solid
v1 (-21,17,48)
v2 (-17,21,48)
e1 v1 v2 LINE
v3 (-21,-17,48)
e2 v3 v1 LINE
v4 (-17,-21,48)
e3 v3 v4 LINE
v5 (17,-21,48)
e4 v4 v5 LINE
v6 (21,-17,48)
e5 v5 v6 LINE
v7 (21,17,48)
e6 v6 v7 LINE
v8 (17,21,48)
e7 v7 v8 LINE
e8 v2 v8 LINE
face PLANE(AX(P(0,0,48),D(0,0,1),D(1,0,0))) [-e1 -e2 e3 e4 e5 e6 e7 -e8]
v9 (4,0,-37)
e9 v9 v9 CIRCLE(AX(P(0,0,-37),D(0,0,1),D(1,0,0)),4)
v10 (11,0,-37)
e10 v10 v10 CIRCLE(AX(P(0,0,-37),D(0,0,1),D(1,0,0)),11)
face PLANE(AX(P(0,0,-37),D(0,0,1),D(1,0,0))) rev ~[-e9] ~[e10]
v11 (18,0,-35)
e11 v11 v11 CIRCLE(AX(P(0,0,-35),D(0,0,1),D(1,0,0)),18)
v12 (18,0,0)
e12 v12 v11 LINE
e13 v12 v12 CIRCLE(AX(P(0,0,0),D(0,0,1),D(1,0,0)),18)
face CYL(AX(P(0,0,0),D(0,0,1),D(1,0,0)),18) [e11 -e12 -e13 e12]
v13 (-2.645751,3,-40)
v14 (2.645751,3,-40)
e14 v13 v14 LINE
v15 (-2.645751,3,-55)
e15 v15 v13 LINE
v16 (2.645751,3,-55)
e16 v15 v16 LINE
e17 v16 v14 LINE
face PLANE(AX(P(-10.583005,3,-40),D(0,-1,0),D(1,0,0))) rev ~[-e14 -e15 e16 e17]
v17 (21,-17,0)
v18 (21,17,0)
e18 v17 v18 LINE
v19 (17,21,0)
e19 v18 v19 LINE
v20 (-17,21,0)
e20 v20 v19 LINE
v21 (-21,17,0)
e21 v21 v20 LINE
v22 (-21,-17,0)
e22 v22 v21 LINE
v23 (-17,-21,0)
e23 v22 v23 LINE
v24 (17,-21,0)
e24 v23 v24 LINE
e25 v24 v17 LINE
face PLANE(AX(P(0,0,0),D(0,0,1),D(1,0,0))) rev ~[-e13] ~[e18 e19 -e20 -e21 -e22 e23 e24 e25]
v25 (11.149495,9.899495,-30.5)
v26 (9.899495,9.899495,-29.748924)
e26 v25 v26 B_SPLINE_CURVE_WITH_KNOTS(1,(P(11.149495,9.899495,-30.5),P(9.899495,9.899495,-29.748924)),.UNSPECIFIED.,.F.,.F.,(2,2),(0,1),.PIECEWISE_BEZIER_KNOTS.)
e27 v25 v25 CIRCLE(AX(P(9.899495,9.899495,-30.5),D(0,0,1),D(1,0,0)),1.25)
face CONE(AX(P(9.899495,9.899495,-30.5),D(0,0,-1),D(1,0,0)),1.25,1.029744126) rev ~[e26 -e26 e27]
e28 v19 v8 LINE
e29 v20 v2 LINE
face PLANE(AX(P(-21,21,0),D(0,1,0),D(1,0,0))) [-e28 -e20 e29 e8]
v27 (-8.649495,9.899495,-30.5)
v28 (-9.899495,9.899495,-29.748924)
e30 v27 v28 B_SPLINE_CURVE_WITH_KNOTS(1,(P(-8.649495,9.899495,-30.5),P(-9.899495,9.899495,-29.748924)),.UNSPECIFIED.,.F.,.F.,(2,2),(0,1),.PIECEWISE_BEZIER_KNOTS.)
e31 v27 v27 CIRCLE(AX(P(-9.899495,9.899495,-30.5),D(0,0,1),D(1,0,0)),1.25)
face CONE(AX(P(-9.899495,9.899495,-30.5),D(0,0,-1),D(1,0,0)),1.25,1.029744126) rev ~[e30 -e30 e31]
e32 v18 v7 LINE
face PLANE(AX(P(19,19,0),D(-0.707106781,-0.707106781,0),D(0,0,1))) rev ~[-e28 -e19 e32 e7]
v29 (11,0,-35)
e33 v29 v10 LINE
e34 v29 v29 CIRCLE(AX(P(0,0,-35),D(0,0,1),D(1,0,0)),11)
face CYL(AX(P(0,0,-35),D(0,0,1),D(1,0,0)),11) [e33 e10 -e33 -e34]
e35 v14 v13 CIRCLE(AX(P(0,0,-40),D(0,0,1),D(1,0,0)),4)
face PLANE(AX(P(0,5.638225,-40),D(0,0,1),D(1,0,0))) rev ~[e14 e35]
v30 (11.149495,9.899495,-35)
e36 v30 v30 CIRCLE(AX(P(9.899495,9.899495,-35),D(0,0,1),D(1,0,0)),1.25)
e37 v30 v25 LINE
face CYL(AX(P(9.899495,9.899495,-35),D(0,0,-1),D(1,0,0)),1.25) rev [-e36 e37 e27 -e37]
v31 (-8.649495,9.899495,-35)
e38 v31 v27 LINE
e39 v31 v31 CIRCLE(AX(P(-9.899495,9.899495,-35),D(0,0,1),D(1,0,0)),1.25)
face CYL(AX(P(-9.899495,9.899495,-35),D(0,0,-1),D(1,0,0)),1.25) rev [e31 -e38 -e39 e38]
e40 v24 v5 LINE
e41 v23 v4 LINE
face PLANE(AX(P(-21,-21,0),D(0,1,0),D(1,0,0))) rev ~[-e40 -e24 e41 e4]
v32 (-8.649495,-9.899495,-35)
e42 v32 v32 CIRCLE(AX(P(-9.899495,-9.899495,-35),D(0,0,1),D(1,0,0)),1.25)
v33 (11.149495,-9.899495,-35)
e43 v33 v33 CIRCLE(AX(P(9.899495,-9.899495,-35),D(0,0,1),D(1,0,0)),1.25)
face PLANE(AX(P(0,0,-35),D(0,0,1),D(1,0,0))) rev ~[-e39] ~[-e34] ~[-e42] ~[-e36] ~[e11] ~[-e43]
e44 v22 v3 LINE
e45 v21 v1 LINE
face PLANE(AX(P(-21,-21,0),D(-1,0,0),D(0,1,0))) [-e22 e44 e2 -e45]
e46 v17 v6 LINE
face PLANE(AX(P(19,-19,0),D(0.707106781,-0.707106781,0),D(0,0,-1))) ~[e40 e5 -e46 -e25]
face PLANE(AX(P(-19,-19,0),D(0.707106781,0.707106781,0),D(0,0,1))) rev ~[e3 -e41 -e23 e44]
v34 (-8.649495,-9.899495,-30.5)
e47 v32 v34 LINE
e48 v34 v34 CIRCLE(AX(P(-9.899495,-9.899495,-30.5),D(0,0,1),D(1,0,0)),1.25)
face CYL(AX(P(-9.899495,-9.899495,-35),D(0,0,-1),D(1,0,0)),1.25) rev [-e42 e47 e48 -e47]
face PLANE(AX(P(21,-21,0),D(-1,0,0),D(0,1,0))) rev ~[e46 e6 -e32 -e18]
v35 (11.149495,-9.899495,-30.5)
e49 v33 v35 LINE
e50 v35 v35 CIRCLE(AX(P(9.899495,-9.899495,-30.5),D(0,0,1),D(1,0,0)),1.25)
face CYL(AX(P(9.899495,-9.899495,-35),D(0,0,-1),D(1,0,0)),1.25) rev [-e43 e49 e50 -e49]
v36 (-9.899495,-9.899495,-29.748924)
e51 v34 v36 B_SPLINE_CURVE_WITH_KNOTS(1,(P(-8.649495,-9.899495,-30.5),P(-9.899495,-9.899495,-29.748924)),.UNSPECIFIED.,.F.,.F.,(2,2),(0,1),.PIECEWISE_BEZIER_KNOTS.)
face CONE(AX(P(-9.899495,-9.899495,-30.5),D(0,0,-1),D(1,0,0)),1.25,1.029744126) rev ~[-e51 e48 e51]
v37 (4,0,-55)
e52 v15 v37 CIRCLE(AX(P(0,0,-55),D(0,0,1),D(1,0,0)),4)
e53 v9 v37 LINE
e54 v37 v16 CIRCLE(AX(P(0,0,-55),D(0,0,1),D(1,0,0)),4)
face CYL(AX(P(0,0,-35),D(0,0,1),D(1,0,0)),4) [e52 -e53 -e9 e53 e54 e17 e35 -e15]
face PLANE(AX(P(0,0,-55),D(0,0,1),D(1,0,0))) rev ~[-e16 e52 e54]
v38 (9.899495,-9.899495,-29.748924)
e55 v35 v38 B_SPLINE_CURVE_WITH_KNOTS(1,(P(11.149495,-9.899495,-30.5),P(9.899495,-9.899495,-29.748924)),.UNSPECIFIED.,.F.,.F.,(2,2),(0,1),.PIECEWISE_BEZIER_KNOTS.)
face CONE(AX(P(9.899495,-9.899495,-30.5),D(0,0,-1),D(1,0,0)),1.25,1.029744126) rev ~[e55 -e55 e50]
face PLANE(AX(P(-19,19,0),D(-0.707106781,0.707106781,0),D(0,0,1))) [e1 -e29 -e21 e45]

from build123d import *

# Parameters (mm, degrees)
SKETCH_W     = 42
SKETCH_H     = 42
PAD_DEPTH    = 48
CHAMFER_SIZE = 4
SKETCH005_R  = 18
PAD003_DEPTH = 35
SKETCH001_R  = 11
PAD001_DEPTH = 2
SKETCH002_R  = 4
PAD002_DEPTH = 20
POCKET_DEPTH = 15
SKETCH004_R  = 1.25
HOLE_DEPTH   = 4.5
HOLE_TIPS_R  = 1.25


with BuildPart() as part:
    # Sketch → Pad (new body)
    with BuildSketch(Plane.XY):
        Rectangle(SKETCH_W, SKETCH_H)
    extrude(amount=PAD_DEPTH)

    # Chamfer
    chamfer_edges = [part.edges().sort_by_distance(p)[0] for p in [
        (21, -21, 24),
        (-21, -21, 24),
        (21, 21, 24),
        (-21, 21, 24),
    ]]
    chamfer(chamfer_edges, length=CHAMFER_SIZE)

    # Sketch005 → Pad003 (join)
    with BuildSketch(Plane.XY):
        Circle(SKETCH005_R)
    extrude(amount=-PAD003_DEPTH)

    # Sketch001 → Pad001 (join)
    with BuildSketch(Plane.XY.offset(-35)):
        Circle(SKETCH001_R)
    extrude(amount=-PAD001_DEPTH)

    # Sketch002 (on Sketch) → Pad002 (join)
    with BuildSketch(Plane.XY.offset(-35)):
        Circle(SKETCH002_R)
    extrude(amount=-PAD002_DEPTH)

    # Sketch003 (on Sketch) → Pocket (cut)
    with BuildSketch(Plane.XY.offset(-40)):
        with BuildLine():
            ThreePointArc((10.583005, 3), (0, 11), (-10.583005, 3))
            Line((-10.583005, 3), (10.583005, 3))
        make_face()
    extrude(amount=-POCKET_DEPTH, mode=Mode.SUBTRACT)

    # Sketch004 (on Sketch) → Hole (cut)
    with BuildSketch(Plane.XY.offset(-35)):
        with Locations((9.899495, 9.899495)):
            Circle(SKETCH004_R)
        with Locations((-9.899495, 9.899495)):
            Circle(SKETCH004_R)
        with Locations((-9.899495, -9.899495)):
            Circle(SKETCH004_R)
        with Locations((9.899495, -9.899495)):
            Circle(SKETCH004_R)
    extrude(amount=HOLE_DEPTH, mode=Mode.SUBTRACT)

    # Hole tips → Hole tip 1 section 0
    with BuildSketch(Plane.XY.offset(-30.5), mode=Mode.PRIVATE) as hole_tip_1_s0:
        with Locations((9.899495, 9.899495)):
            Circle(HOLE_TIPS_R)
    loft([hole_tip_1_s0.sketch, Vertex(9.899495, 9.899495, -29.748924)], mode=Mode.SUBTRACT)

    # Hole tips → Hole tip 2 section 0
    with BuildSketch(Plane.XY.offset(-30.5), mode=Mode.PRIVATE) as hole_tip_2_s0:
        with Locations((-9.899495, 9.899495)):
            Circle(HOLE_TIPS_R)
    loft([hole_tip_2_s0.sketch, Vertex(-9.899495, 9.899495, -29.748924)], mode=Mode.SUBTRACT)

    # Hole tips → Hole tip 3 section 0
    with BuildSketch(Plane.XY.offset(-30.5), mode=Mode.PRIVATE) as hole_tip_3_s0:
        with Locations((-9.899495, -9.899495)):
            Circle(HOLE_TIPS_R)
    loft([hole_tip_3_s0.sketch, Vertex(-9.899495, -9.899495, -29.748924)], mode=Mode.SUBTRACT)

    # Hole tips → Hole tip 4 section 0
    with BuildSketch(Plane.XY.offset(-30.5), mode=Mode.PRIVATE) as hole_tip_4_s0:
        with Locations((9.899495, -9.899495)):
            Circle(HOLE_TIPS_R)
    loft([hole_tip_4_s0.sketch, Vertex(9.899495, -9.899495, -29.748924)], mode=Mode.SUBTRACT)


solid = part.part
